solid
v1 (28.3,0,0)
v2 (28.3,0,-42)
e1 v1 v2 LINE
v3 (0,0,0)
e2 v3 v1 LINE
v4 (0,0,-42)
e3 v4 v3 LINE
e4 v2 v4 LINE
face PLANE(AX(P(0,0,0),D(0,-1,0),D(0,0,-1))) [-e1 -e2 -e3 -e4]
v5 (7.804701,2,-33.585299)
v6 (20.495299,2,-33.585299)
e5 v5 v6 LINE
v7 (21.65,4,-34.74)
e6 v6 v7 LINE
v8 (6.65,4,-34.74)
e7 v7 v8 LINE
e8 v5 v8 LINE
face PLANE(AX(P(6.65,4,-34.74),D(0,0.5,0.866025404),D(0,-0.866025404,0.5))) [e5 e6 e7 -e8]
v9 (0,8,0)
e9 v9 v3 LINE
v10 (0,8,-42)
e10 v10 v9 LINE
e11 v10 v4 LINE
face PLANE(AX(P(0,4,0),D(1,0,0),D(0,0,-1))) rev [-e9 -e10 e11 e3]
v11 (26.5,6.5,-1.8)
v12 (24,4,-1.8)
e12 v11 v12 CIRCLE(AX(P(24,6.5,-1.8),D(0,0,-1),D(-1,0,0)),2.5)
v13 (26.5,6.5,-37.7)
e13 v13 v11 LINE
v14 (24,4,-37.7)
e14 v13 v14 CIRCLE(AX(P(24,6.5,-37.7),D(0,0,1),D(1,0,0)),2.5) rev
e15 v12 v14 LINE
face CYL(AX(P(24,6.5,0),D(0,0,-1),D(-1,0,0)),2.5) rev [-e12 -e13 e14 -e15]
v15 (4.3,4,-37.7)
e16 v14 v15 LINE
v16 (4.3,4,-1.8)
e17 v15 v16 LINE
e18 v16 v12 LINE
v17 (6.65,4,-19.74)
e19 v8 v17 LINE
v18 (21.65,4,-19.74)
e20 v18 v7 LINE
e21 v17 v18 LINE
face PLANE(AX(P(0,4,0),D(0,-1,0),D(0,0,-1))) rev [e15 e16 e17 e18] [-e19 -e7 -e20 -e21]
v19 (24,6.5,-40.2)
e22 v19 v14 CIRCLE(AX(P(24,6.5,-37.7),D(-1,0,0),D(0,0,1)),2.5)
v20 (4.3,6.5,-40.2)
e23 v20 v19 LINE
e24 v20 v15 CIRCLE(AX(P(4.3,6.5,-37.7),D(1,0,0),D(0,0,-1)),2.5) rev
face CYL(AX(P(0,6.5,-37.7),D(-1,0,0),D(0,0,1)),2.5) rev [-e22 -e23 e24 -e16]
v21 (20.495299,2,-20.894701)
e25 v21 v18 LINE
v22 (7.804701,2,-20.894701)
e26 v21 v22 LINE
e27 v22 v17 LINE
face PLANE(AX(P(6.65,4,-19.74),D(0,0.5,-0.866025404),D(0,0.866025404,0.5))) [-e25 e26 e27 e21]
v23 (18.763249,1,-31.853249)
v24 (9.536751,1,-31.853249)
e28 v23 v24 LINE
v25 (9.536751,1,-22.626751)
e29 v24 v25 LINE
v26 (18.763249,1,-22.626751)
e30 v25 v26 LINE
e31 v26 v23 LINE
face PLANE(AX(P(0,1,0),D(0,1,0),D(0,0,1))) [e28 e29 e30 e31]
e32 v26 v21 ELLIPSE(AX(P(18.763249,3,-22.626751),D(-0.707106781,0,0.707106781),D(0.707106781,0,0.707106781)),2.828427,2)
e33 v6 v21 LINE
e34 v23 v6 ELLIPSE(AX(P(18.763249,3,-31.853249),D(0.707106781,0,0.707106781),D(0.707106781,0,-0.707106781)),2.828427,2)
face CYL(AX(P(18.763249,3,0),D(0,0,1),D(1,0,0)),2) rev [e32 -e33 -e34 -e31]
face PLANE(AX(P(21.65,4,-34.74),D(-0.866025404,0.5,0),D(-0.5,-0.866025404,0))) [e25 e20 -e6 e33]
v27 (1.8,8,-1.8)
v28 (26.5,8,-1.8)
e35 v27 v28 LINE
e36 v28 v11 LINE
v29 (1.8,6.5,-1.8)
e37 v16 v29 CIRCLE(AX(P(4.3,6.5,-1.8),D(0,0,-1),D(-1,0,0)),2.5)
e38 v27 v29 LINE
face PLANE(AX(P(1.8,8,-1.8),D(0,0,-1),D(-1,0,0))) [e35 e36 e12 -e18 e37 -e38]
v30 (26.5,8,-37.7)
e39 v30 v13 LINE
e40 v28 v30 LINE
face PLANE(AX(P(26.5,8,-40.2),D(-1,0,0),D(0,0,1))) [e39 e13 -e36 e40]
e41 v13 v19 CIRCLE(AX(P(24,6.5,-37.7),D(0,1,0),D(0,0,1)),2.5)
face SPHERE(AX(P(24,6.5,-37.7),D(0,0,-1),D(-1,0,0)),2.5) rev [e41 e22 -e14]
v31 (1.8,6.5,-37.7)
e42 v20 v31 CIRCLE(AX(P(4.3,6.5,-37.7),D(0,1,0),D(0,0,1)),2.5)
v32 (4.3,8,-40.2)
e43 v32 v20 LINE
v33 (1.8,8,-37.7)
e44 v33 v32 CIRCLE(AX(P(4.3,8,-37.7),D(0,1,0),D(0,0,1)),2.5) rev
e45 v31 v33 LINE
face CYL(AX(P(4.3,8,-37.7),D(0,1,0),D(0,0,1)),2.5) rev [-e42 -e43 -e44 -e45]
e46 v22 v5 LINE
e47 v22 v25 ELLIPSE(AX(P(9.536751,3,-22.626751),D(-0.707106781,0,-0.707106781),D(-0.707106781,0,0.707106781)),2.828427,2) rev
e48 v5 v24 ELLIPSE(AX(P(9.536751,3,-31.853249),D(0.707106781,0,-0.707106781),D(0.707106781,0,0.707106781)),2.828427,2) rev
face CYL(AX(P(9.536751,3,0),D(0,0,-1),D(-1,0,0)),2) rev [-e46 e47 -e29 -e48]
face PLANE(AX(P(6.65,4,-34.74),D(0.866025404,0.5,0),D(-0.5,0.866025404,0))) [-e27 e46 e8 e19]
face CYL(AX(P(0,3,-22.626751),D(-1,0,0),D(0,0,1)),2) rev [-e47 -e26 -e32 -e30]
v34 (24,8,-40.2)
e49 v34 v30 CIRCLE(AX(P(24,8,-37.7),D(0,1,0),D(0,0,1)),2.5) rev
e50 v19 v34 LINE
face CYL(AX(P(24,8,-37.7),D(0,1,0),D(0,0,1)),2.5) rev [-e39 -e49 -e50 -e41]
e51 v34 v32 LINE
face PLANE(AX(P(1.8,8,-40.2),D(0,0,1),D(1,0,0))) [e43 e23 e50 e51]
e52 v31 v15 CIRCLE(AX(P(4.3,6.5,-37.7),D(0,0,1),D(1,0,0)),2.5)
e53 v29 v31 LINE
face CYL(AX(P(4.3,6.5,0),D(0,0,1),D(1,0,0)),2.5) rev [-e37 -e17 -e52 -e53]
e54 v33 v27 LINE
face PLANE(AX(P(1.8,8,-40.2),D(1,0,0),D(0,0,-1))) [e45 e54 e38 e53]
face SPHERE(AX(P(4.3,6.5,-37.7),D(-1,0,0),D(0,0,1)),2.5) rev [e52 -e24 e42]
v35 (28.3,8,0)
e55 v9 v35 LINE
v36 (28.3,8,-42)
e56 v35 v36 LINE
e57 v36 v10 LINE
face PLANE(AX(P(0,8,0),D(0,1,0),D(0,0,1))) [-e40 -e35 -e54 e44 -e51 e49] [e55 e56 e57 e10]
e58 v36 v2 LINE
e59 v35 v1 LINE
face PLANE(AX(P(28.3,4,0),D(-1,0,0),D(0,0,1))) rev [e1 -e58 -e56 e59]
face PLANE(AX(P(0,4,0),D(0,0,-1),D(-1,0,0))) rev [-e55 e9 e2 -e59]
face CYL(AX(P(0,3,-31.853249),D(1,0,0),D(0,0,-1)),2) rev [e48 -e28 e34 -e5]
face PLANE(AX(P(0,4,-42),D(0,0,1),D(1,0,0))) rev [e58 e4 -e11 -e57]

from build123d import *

# Parameters (mm, degrees)
SKETCH1_W           = 28.3
SKETCH1_H           = 42
BOSS_EXTRUDE1_DEPTH = 4
SKETCH2_W           = 15
SKETCH2_H           = 15
CUT_EXTRUDE1_DEPTH  = 3
DRAFT1_ANGLE        = 30
FILLET1_R           = 2
SKETCH4_W           = 28.3
SKETCH4_H           = 42
SKETCH4_W_2         = 24.7
SKETCH4_H_2         = 38.4
BOSS_EXTRUDE2_DEPTH = 4
FILLET2_R           = 2.5


with BuildPart() as part:
    # Sketch1 → Boss-Extrude1 (new body)
    with BuildSketch(Plane(origin=(0, 0, 0), x_dir=(1, 0, 0), z_dir=(0, 1, 0))):
        with Locations((14.15, 21)):
            Rectangle(SKETCH1_W, SKETCH1_H)
    extrude(amount=BOSS_EXTRUDE1_DEPTH)

    # Sketch2 → Cut-Extrude1 (cut)
    with BuildSketch(Plane(origin=(0, 4, 0), x_dir=(1, 0, 0), z_dir=(0, 1, 0))):
        with Locations((14.15, 27.24)):
            Rectangle(SKETCH2_W, SKETCH2_H)
    extrude(amount=-CUT_EXTRUDE1_DEPTH, mode=Mode.SUBTRACT)

    # Draft1
    draft1_faces = [part.faces().sort_by_distance(p)[0] for p in [
        (6.65, 2.5, -27.24),
        (14.15, 2.5, -19.74),
        (21.65, 2.5, -27.24),
        (14.15, 2.5, -34.74),
    ]]
    draft(draft1_faces, Plane.ZX.offset(4), DRAFT1_ANGLE)

    # Fillet1
    fillet1_edges = [part.edges().sort_by_distance(p)[0] for p in [
        (8.382050808, 1, -27.24),
        (14.15, 1, -33.007949192),
        (19.917949192, 1, -27.24),
        (14.15, 1, -21.472050808),
    ]]
    fillet(fillet1_edges, radius=FILLET1_R)

    # Sketch4 → Boss-Extrude2 (add)
    with BuildSketch(Plane(origin=(0, 4, 0), x_dir=(1, 0, 0), z_dir=(0, 1, 0))):
        with Locations((14.15, 21)):
            Rectangle(SKETCH4_W, SKETCH4_H)
        with Locations((14.15, 21)):
            Rectangle(SKETCH4_W_2, SKETCH4_H_2, mode=Mode.SUBTRACT)
    extrude(amount=BOSS_EXTRUDE2_DEPTH)

    # Fillet2
    fillet2_edges = [part.edges().sort_by_distance(p)[0] for p in [
        (1.8, 4, -21),
        (26.5, 4, -21),
        (14.15, 4, -40.2),
        (26.5, 6, -40.2),
        (1.8, 6, -40.2),
    ]]
    fillet(fillet2_edges, radius=FILLET2_R)


solid = part.part
